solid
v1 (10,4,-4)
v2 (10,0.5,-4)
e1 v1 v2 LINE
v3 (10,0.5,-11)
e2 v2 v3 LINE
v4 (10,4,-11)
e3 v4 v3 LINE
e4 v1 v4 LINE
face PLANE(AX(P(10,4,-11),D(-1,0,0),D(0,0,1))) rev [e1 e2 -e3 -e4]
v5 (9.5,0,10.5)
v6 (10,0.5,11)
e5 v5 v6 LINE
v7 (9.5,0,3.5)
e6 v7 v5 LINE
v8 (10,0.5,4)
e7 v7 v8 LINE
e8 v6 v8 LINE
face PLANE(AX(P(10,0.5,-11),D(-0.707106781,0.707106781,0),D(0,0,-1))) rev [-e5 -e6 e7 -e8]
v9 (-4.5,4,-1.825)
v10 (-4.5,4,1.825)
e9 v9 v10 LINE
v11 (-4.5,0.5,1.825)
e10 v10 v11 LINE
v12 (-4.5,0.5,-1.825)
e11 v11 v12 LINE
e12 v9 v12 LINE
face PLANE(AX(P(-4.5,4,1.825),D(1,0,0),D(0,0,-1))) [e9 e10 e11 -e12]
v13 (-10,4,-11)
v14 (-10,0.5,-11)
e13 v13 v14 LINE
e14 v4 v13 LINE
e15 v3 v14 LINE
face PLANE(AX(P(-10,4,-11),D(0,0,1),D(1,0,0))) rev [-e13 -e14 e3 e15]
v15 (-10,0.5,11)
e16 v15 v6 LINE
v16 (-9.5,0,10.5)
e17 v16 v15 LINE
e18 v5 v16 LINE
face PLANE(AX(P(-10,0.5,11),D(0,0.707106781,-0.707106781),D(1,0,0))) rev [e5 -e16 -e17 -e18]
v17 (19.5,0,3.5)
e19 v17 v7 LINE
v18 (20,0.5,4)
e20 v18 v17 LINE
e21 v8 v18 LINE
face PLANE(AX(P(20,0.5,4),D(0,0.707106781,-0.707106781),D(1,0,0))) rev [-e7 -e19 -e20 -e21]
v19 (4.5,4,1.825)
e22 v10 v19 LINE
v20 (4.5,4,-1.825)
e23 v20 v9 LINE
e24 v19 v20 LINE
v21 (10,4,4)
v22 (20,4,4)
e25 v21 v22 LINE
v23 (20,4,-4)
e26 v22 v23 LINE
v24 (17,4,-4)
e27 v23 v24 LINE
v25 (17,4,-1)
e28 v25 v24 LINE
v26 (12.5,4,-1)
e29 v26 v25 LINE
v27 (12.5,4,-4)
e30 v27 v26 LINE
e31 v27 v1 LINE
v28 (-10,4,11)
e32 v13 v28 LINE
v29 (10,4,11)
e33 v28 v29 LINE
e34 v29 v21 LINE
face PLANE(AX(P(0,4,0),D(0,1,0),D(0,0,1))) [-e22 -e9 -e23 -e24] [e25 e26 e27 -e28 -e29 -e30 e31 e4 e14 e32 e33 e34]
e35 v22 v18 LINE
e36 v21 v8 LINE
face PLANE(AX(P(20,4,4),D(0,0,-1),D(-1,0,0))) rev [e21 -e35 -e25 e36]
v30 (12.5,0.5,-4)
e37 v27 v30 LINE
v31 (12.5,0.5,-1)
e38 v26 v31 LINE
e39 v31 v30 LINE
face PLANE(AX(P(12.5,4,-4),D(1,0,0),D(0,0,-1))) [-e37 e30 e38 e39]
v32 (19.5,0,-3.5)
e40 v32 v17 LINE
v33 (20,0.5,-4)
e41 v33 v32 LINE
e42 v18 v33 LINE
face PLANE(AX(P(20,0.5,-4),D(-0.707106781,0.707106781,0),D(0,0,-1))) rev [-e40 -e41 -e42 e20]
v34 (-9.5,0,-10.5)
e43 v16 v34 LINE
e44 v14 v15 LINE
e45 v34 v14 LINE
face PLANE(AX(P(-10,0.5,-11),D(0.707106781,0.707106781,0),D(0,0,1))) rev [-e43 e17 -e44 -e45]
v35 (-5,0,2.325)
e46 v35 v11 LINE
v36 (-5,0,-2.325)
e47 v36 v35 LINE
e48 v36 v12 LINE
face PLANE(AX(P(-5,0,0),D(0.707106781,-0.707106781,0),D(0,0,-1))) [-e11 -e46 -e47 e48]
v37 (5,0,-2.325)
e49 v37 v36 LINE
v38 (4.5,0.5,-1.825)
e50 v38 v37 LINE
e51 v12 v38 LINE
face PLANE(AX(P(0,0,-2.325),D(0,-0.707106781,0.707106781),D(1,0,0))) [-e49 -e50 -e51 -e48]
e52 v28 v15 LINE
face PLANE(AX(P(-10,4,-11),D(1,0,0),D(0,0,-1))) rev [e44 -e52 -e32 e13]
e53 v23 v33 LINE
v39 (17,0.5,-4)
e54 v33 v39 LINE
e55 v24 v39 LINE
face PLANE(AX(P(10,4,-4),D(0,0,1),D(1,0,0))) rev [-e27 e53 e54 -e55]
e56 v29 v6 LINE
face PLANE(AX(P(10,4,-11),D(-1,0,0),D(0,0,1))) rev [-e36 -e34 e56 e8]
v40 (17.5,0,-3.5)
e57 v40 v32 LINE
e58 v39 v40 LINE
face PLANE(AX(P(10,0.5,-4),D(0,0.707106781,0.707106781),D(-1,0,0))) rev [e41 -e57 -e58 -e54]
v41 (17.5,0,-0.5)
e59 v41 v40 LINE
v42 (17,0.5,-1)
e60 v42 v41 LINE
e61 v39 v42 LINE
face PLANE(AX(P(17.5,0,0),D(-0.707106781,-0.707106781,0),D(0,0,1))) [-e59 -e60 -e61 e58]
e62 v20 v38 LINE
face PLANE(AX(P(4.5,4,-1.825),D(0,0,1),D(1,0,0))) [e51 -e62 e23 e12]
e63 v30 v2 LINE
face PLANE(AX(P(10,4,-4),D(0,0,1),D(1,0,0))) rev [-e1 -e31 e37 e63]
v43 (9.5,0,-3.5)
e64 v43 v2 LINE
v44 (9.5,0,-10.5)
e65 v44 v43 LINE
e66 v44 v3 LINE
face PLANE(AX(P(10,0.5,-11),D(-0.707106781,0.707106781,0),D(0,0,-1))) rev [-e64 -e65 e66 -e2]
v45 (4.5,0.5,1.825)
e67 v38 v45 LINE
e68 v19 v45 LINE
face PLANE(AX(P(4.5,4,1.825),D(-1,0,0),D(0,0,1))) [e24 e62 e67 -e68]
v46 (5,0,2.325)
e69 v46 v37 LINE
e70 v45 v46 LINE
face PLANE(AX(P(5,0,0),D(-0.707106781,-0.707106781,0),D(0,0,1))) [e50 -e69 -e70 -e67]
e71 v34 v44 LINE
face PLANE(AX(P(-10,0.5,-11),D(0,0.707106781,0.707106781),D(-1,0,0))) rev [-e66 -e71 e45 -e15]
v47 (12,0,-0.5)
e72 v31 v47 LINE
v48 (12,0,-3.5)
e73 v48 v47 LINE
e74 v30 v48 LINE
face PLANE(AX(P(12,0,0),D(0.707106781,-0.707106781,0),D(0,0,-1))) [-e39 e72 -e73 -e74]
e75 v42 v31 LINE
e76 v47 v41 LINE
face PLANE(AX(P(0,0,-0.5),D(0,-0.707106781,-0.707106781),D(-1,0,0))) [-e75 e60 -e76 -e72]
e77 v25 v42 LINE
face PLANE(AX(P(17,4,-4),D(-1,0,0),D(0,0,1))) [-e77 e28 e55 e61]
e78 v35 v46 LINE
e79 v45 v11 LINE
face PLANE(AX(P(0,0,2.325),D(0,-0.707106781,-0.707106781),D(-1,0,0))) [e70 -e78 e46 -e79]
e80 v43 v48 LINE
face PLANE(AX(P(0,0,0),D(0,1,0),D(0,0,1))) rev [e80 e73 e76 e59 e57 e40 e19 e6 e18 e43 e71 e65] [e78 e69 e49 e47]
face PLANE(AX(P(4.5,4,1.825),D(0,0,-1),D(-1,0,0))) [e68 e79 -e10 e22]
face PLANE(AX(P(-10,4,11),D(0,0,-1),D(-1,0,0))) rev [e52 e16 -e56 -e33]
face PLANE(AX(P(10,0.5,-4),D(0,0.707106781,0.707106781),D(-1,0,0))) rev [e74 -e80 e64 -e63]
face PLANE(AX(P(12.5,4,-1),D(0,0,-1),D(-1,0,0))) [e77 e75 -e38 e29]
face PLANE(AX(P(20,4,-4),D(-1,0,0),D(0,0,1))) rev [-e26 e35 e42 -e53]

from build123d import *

# Parameters (mm, degrees)
SKETCH1_W           = 20
SKETCH1_H           = 22
SKETCH1_W_2         = 9
SKETCH1_H_2         = 3.65
BOSS_EXTRUDE1_DEPTH = 4
SKETCH2_W           = 10
SKETCH2_H           = 8
BOSS_EXTRUDE3_DEPTH = 4
SKETCH3_W           = 4.5
SKETCH3_H           = 3
CUT_EXTRUDE1_DEPTH  = 24.173260453
CHAMFER1_SIZE       = 0.5


with BuildPart() as part:
    # Sketch1 → Boss-Extrude1 (new body)
    with BuildSketch(Plane(origin=(0, 0, 0), x_dir=(1, 0, 0), z_dir=(0, 1, 0))):
        Rectangle(SKETCH1_W, SKETCH1_H)
        Rectangle(SKETCH1_W_2, SKETCH1_H_2, mode=Mode.SUBTRACT)
    extrude(amount=BOSS_EXTRUDE1_DEPTH)

    # Sketch2 → Boss-Extrude3 (add)
    with BuildSketch(Plane(origin=(0, 0, 0), x_dir=(1, 0, 0), z_dir=(0, 1, 0))):
        with Locations((15, 0)):
            Rectangle(SKETCH2_W, SKETCH2_H)
    extrude(amount=BOSS_EXTRUDE3_DEPTH)

    # Sketch3 → Cut-Extrude1 (cut, through all)
    with BuildSketch(Plane(origin=(0, 0, 0), x_dir=(1, 0, 0), z_dir=(0, 1, 0))):
        with Locations((14.75, 2.5)):
            Rectangle(SKETCH3_W, SKETCH3_H)
    extrude(amount=CUT_EXTRUDE1_DEPTH, mode=Mode.SUBTRACT)

    # Chamfer1
    chamfer1_edges = [part.edges().sort_by_distance(p)[0] for p in [
        (4.5, 0, 0),
        (0, 0, -1.825),
        (-4.5, 0, 0),
        (0, 0, 1.825),
        (10, 0, -7.5),
        (15, 0, 4),
        (20, 0, 0),
        (18.5, 0, -4),
        (11.25, 0, -4),
        (12.5, 0, -2.5),
        (14.75, 0, -1),
        (17, 0, -2.5),
        (0, 0, -11),
        (10, 0, 7.5),
        (0, 0, 11),
        (-10, 0, 0),
    ]]
    chamfer(chamfer1_edges, length=CHAMFER1_SIZE)


solid = part.part
